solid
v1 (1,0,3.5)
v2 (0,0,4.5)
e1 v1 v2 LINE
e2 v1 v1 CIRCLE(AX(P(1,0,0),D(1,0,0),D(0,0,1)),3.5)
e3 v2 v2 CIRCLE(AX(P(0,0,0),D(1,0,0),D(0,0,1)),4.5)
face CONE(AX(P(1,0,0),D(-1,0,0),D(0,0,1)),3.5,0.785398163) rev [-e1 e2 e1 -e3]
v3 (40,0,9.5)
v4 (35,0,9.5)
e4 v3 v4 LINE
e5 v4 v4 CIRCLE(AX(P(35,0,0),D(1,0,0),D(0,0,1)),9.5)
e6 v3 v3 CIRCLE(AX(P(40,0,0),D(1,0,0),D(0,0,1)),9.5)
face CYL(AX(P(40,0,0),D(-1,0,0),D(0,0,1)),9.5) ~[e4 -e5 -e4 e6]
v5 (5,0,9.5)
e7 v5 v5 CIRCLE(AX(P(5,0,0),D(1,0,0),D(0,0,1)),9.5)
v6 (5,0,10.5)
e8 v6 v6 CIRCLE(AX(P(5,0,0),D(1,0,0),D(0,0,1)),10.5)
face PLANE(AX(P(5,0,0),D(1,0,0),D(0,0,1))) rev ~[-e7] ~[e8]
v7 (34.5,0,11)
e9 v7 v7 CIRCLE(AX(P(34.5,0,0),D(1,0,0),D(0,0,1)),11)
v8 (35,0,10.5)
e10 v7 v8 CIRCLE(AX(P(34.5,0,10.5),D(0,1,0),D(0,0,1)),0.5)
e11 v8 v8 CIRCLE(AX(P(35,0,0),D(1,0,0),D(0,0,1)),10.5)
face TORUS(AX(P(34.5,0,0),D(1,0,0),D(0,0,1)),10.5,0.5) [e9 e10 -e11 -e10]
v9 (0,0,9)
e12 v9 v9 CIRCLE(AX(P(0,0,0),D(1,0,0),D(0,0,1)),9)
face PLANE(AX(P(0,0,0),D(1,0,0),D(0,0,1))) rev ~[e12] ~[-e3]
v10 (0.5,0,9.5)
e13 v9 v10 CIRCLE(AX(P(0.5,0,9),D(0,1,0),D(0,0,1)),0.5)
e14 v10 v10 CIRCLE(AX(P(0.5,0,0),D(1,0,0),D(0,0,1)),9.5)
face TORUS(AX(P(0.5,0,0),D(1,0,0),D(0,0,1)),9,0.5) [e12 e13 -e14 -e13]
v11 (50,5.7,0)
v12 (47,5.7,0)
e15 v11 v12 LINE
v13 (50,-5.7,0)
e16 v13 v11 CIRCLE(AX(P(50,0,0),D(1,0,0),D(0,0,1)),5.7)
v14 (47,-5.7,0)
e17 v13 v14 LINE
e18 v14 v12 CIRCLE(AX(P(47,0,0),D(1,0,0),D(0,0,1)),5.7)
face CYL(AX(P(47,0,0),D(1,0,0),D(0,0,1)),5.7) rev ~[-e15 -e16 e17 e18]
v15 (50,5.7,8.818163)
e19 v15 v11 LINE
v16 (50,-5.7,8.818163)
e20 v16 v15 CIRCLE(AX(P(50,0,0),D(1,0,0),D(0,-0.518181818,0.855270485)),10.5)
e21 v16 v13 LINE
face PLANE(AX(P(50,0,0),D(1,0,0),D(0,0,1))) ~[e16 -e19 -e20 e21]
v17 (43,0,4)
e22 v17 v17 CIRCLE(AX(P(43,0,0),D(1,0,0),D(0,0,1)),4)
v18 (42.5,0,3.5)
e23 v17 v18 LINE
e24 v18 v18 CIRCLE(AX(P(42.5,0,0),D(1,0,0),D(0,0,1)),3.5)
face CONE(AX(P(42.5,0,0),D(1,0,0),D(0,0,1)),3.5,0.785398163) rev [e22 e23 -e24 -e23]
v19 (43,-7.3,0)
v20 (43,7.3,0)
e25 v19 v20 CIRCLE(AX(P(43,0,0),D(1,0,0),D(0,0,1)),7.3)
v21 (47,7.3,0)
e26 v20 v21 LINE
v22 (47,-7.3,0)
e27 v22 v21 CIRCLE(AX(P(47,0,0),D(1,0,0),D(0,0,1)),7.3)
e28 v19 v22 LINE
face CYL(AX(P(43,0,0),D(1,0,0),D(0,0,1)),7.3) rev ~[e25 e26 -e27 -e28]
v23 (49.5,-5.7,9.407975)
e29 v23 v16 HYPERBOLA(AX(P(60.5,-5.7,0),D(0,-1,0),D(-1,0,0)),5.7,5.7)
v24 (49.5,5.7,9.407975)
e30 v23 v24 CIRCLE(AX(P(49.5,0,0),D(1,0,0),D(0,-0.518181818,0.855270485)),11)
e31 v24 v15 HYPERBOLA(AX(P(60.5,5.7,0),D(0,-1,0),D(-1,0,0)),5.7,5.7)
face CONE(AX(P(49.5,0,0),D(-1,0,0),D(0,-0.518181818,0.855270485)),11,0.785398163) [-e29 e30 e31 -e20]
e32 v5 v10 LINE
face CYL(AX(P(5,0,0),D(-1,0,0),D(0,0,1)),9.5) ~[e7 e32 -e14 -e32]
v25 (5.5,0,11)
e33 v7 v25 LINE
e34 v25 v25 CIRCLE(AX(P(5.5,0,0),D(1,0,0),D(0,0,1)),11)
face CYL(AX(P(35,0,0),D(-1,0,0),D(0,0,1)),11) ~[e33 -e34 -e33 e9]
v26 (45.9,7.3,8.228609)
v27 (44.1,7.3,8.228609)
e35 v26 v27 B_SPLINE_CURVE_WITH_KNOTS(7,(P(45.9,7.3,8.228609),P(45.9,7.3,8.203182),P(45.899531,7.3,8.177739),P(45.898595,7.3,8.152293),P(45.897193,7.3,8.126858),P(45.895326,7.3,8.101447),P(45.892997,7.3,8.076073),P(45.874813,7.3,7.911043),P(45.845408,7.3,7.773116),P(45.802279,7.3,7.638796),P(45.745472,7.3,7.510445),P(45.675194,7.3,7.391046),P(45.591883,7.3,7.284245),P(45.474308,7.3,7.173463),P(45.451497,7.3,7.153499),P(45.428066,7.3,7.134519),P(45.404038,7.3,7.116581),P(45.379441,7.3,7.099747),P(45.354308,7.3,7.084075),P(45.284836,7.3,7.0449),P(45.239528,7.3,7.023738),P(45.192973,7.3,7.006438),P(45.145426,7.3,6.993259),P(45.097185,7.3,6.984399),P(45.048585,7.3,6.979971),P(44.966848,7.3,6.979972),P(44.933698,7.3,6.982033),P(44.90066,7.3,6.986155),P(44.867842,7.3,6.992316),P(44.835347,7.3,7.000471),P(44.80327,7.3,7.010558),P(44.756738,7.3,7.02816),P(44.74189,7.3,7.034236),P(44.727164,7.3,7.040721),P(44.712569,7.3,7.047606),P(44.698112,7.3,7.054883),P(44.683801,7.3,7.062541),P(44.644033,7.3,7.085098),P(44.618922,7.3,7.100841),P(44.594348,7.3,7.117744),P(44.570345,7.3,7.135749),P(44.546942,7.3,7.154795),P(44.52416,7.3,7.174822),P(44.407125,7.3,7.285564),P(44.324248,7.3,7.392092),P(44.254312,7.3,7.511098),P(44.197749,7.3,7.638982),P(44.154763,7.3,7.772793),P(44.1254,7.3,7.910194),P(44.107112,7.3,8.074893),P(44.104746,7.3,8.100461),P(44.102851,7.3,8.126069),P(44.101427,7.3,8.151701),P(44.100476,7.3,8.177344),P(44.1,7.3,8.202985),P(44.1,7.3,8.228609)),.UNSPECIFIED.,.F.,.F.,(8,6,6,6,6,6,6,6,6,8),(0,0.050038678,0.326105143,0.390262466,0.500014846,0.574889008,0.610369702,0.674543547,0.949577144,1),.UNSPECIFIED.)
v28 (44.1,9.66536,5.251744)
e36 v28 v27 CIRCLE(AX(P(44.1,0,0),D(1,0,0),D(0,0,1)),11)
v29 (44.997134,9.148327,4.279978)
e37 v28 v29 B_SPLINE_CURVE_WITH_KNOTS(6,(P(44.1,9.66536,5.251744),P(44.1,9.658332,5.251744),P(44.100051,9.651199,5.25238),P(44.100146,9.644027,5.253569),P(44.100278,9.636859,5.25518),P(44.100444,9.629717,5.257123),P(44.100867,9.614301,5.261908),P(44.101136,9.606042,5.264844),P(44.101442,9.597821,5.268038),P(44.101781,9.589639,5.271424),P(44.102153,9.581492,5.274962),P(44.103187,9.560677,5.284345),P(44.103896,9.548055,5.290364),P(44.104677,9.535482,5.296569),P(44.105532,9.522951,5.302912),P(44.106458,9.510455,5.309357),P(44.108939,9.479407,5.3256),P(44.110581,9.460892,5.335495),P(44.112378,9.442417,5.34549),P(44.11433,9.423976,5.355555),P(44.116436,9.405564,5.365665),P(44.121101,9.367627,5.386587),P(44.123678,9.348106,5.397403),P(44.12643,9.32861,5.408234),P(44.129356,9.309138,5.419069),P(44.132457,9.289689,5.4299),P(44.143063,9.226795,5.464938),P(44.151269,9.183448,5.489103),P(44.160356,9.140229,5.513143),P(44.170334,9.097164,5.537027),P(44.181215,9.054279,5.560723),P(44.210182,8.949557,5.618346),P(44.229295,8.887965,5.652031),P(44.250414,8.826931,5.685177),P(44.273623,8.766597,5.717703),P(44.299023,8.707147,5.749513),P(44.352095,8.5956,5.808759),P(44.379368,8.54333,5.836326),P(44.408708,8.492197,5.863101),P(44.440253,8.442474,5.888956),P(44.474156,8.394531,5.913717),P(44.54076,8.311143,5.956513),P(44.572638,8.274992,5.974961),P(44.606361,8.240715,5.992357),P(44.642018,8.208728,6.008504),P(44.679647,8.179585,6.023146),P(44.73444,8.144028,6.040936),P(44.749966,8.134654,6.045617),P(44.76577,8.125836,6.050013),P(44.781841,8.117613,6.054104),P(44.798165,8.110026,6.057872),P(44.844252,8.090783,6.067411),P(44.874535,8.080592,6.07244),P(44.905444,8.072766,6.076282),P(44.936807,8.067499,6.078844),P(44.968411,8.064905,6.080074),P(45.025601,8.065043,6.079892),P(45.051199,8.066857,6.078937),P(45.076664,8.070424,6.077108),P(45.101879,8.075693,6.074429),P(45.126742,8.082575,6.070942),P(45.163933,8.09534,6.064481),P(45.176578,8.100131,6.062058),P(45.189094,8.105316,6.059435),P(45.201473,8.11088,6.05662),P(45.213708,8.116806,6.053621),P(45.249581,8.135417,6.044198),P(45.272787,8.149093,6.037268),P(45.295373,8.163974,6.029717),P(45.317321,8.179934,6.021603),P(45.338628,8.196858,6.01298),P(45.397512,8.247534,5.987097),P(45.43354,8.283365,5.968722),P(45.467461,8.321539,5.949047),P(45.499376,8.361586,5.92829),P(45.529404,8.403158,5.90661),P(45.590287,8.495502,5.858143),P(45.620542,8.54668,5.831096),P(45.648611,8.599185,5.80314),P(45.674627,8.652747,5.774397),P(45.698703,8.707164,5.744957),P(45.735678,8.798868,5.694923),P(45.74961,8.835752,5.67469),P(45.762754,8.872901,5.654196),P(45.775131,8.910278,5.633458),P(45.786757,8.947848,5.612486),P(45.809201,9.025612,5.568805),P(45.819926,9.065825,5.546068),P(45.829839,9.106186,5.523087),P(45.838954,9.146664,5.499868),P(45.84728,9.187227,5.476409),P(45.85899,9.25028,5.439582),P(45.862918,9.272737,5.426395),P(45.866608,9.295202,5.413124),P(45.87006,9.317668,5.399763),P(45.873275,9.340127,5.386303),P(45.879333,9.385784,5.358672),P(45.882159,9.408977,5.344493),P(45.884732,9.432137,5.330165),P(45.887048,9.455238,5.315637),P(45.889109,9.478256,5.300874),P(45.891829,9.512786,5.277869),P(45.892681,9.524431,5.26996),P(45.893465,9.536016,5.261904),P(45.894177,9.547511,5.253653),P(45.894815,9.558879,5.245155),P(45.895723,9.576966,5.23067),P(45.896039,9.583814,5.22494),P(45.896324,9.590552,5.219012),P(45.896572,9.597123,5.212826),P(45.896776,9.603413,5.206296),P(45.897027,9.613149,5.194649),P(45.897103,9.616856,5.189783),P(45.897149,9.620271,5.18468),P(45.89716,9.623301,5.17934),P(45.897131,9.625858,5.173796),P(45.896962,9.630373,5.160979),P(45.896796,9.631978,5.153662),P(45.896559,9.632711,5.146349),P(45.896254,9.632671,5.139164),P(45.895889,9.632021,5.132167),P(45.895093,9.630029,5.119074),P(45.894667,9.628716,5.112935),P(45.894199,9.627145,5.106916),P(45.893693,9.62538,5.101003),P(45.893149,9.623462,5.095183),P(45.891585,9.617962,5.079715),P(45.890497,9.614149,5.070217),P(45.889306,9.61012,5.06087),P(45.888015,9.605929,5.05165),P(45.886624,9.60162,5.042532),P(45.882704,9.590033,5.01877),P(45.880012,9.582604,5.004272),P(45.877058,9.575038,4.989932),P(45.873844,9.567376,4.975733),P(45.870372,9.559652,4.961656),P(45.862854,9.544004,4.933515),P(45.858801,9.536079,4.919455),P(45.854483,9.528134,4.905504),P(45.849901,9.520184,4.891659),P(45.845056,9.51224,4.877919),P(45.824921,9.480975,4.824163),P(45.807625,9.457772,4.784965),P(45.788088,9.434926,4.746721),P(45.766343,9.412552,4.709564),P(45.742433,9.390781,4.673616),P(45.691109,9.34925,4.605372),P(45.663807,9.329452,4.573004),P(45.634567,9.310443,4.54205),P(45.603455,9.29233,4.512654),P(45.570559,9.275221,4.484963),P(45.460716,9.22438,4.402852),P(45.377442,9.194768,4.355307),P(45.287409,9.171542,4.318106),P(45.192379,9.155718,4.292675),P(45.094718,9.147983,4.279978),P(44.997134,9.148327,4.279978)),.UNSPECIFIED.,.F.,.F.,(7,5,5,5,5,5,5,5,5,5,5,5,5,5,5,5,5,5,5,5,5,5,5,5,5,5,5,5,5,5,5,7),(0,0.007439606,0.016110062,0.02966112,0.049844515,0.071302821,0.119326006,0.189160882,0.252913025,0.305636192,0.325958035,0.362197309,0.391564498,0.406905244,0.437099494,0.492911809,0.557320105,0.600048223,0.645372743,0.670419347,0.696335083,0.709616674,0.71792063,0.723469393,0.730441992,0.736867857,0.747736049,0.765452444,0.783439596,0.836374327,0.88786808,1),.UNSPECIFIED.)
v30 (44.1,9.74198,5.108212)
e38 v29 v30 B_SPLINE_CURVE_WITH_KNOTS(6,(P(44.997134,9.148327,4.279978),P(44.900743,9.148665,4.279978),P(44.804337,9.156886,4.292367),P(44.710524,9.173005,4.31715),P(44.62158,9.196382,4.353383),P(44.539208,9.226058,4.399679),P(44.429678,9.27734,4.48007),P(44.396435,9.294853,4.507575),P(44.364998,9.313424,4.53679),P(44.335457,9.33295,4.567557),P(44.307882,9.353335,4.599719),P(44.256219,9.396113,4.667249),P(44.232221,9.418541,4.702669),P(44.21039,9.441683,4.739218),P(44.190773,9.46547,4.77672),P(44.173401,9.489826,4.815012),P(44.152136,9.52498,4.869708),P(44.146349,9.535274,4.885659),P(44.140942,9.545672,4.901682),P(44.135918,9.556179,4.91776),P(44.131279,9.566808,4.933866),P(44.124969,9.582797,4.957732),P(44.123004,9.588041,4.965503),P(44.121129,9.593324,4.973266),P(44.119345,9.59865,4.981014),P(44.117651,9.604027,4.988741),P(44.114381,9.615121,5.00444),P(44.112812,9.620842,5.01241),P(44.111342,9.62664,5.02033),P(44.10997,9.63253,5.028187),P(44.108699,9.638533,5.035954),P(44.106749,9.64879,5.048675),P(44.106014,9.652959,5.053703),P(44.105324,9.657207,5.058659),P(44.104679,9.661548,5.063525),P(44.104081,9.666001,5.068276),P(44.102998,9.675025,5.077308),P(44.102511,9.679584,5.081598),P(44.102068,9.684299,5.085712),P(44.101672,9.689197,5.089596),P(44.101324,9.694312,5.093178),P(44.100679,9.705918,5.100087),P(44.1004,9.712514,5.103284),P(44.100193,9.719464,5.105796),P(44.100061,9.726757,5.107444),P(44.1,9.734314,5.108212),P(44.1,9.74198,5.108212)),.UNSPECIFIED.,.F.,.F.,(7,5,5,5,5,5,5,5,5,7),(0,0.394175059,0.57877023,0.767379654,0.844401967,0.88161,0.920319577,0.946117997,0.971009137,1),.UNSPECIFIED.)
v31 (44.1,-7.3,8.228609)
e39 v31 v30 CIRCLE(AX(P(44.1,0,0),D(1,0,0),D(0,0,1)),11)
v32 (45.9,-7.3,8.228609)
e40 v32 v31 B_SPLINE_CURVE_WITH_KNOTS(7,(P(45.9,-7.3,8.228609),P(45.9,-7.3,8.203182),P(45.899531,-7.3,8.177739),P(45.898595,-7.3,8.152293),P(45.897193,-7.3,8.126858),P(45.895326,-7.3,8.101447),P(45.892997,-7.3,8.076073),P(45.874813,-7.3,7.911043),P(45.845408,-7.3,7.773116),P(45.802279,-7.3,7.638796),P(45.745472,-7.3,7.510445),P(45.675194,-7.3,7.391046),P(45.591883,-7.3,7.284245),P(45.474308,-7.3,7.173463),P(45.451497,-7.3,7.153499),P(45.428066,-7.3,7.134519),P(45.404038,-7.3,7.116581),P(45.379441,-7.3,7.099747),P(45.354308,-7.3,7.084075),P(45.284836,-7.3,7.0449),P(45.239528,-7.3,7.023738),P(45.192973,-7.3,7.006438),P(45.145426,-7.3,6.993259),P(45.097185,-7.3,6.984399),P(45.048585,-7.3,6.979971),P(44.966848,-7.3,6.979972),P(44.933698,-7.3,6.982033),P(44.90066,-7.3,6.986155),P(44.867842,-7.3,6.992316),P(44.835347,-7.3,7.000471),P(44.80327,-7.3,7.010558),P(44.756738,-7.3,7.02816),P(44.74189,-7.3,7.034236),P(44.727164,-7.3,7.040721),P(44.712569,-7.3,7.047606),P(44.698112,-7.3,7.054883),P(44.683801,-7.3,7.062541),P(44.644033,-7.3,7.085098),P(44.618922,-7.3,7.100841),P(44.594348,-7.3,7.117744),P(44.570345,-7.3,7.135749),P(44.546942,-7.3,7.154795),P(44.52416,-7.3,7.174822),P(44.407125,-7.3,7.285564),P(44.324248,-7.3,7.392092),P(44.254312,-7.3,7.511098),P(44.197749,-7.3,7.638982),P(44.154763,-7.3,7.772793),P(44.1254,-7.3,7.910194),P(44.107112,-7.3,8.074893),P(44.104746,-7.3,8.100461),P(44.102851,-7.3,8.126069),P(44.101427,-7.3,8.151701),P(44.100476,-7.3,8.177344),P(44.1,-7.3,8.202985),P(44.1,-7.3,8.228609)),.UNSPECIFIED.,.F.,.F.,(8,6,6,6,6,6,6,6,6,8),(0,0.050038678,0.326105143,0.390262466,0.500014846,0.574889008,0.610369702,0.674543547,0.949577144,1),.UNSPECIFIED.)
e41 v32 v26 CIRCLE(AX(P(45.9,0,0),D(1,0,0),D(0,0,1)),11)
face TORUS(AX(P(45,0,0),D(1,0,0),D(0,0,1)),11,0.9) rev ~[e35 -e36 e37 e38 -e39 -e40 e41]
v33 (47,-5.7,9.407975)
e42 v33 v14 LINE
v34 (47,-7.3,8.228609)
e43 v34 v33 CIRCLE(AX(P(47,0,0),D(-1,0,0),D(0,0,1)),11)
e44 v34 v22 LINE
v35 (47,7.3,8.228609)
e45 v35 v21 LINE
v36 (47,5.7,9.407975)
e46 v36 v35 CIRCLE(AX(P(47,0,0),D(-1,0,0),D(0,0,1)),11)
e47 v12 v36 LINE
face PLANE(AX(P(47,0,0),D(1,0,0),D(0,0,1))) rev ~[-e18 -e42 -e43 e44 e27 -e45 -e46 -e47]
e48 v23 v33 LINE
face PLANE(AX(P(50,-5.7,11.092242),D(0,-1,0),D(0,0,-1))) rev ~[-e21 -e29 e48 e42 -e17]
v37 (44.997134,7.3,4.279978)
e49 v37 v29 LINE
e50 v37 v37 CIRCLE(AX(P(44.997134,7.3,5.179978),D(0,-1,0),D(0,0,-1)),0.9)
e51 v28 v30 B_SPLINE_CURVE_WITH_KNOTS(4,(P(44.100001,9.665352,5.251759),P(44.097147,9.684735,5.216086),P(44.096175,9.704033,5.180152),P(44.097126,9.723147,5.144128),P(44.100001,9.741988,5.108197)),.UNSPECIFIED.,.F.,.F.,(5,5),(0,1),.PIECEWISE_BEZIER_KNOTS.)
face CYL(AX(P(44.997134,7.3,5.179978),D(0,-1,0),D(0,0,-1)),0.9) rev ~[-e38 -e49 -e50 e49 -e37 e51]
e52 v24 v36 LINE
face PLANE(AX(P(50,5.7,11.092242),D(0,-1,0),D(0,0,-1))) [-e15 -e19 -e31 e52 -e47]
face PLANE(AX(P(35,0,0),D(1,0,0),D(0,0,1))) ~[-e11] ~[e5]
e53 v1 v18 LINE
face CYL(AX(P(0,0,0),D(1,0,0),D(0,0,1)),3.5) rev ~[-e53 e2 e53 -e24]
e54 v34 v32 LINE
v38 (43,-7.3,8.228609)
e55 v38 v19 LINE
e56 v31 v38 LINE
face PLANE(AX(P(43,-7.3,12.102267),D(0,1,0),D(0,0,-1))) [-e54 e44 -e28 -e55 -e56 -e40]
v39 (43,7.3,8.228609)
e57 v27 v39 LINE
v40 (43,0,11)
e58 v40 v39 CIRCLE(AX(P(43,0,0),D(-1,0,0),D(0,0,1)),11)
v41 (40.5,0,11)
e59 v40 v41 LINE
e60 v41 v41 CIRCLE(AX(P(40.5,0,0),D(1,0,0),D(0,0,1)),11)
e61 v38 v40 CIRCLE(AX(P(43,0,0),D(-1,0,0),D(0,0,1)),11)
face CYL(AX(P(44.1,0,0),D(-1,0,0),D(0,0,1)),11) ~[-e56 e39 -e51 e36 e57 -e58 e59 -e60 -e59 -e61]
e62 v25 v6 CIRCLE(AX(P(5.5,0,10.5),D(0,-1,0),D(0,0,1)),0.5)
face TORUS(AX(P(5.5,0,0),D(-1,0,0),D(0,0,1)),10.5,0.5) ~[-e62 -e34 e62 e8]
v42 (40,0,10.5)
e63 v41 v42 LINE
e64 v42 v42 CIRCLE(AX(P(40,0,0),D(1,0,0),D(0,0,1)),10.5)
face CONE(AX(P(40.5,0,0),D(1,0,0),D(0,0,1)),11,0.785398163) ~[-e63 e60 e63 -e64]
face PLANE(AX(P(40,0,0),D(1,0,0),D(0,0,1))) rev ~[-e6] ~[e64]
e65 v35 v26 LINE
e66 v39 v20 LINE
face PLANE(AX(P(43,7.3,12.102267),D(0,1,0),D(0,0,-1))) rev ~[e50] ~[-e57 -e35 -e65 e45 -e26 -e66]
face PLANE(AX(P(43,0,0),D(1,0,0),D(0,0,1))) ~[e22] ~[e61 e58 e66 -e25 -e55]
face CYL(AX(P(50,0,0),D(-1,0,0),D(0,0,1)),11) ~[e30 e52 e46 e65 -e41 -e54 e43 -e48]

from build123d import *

# Parameters (mm, degrees)
ESBO_O2_W             = 11.092241592
ESBO_O2_H             = 11.4
CORTE_EXTRUS_O1_DEPTH = 3
ESBO_O6_W             = 12.102266842
ESBO_O6_H             = 14.6
CORTE_EXTRUS_O2_DEPTH = 4
CHANFRO1_SIZE         = 1
FILETE1_R             = 0.5
CHANFRO2_SIZE         = 0.5
CHANFRO3_SIZE         = 0.5
CORTE_EXTRUS_O3_REACH = 56.368
ESBO_O7_R             = 0.9
FILETE2_R             = 0.5
FILETE3_R             = 0.5


with BuildPart() as part:
    # Esboço1 → Revolução1 (revolve)
    with BuildSketch(Plane(origin=(0, 0, 0), x_dir=(1, 0, 0), z_dir=(0, 1, 0)), mode=Mode.PRIVATE) as revolu_o1_sk:
        with BuildLine():
            Line((0, 3.5), (43, 3.5))
            Line((43, 3.5), (43, 7.3))
            Line((43, 7.3), (47, 7.3))
            Line((47, 7.3), (47, 5.7))
            Line((47, 5.7), (50, 5.7))
            Line((50, 5.7), (50, 11))
            Line((50, 11), (45.9, 11))
            ThreePointArc((45.9, 11), (45, 10.1), (44.1, 11))
            Line((44.1, 11), (40, 11))
            Line((40, 11), (40, 9.5))
            Line((40, 9.5), (35, 9.5))
            Line((35, 9.5), (35, 11))
            Line((35, 11), (5, 11))
            Line((5, 11), (5, 9.5))
            Line((5, 9.5), (0, 9.5))
            Line((0, 9.5), (0, 3.5))
        make_face()
    revolve(revolu_o1_sk.sketch.rotate(Axis((0, 0, 0), (1, 0, 0)), 180), axis=Axis((0, 0, 0), (1, 0, 0)))

    # Esboço2 → Corte-extrusão1 (cut)
    with BuildSketch(Plane(origin=(50, 0, 0), x_dir=(0, 0, -1), z_dir=(1, 0, 0))):
        with Locations((-5.546120796, 0)):
            Rectangle(ESBO_O2_W, ESBO_O2_H)
    extrude(amount=-CORTE_EXTRUS_O1_DEPTH, mode=Mode.SUBTRACT)

    # Esboço6 → Corte-extrusão2 (cut)
    with BuildSketch(Plane(origin=(43, 0, 0), x_dir=(0, 0, -1), z_dir=(1, 0, 0))):
        with Locations((-6.051133421, 0)):
            Rectangle(ESBO_O6_W, ESBO_O6_H)
    extrude(amount=CORTE_EXTRUS_O2_DEPTH, mode=Mode.SUBTRACT)

    # Chanfro1
    chanfro1_edges = [part.edges().sort_by_distance(p)[0] for p in [
        (0, 0, -3.5),
    ]]
    chamfer(chanfro1_edges, length=CHANFRO1_SIZE)

    # Filete1
    filete1_edges = [part.edges().sort_by_distance(p)[0] for p in [
        (0, 0, -9.5),
    ]]
    fillet(filete1_edges, radius=FILETE1_R)

    # Chanfro2
    chanfro2_edges = [part.edges().sort_by_distance(p)[0] for p in [
        (40, 0, -11),
        (50, 0, -11),
    ]]
    chamfer(chanfro2_edges, length=CHANFRO2_SIZE)

    # Chanfro3
    chanfro3_edges = [part.edges().sort_by_distance(p)[0] for p in [
        (43, 0, -3.5),
    ]]
    chamfer(chanfro3_edges, length=CHANFRO3_SIZE)

    # Esboço7 → Corte-extrusão3 (cut, up to next)
    with BuildSketch(Plane.XZ.offset(-7.3), mode=Mode.PRIVATE) as corte_extrus_o3_sk1:
        with Locations(Location((44.997134116, 5.179978196, 0), (0, 0, 270))):
            Circle(ESBO_O7_R)
    corte_extrus_o3_tool1 = extrude(corte_extrus_o3_sk1.sketch, amount=-CORTE_EXTRUS_O3_REACH, mode=Mode.PRIVATE) & part.part
    add(corte_extrus_o3_tool1.solids().sort_by_distance((44.997134, 7.3, 5.179978))[0], mode=Mode.SUBTRACT)

    # Filete2
    filete2_edges = [part.edges().sort_by_distance(p)[0] for p in [
        (5, 0, -11),
    ]]
    fillet(filete2_edges, radius=FILETE2_R)

    # Filete3
    filete3_edges = [part.edges().sort_by_distance(p)[0] for p in [
        (35, 0, -11),
    ]]
    fillet(filete3_edges, radius=FILETE3_R)


solid = part.part
